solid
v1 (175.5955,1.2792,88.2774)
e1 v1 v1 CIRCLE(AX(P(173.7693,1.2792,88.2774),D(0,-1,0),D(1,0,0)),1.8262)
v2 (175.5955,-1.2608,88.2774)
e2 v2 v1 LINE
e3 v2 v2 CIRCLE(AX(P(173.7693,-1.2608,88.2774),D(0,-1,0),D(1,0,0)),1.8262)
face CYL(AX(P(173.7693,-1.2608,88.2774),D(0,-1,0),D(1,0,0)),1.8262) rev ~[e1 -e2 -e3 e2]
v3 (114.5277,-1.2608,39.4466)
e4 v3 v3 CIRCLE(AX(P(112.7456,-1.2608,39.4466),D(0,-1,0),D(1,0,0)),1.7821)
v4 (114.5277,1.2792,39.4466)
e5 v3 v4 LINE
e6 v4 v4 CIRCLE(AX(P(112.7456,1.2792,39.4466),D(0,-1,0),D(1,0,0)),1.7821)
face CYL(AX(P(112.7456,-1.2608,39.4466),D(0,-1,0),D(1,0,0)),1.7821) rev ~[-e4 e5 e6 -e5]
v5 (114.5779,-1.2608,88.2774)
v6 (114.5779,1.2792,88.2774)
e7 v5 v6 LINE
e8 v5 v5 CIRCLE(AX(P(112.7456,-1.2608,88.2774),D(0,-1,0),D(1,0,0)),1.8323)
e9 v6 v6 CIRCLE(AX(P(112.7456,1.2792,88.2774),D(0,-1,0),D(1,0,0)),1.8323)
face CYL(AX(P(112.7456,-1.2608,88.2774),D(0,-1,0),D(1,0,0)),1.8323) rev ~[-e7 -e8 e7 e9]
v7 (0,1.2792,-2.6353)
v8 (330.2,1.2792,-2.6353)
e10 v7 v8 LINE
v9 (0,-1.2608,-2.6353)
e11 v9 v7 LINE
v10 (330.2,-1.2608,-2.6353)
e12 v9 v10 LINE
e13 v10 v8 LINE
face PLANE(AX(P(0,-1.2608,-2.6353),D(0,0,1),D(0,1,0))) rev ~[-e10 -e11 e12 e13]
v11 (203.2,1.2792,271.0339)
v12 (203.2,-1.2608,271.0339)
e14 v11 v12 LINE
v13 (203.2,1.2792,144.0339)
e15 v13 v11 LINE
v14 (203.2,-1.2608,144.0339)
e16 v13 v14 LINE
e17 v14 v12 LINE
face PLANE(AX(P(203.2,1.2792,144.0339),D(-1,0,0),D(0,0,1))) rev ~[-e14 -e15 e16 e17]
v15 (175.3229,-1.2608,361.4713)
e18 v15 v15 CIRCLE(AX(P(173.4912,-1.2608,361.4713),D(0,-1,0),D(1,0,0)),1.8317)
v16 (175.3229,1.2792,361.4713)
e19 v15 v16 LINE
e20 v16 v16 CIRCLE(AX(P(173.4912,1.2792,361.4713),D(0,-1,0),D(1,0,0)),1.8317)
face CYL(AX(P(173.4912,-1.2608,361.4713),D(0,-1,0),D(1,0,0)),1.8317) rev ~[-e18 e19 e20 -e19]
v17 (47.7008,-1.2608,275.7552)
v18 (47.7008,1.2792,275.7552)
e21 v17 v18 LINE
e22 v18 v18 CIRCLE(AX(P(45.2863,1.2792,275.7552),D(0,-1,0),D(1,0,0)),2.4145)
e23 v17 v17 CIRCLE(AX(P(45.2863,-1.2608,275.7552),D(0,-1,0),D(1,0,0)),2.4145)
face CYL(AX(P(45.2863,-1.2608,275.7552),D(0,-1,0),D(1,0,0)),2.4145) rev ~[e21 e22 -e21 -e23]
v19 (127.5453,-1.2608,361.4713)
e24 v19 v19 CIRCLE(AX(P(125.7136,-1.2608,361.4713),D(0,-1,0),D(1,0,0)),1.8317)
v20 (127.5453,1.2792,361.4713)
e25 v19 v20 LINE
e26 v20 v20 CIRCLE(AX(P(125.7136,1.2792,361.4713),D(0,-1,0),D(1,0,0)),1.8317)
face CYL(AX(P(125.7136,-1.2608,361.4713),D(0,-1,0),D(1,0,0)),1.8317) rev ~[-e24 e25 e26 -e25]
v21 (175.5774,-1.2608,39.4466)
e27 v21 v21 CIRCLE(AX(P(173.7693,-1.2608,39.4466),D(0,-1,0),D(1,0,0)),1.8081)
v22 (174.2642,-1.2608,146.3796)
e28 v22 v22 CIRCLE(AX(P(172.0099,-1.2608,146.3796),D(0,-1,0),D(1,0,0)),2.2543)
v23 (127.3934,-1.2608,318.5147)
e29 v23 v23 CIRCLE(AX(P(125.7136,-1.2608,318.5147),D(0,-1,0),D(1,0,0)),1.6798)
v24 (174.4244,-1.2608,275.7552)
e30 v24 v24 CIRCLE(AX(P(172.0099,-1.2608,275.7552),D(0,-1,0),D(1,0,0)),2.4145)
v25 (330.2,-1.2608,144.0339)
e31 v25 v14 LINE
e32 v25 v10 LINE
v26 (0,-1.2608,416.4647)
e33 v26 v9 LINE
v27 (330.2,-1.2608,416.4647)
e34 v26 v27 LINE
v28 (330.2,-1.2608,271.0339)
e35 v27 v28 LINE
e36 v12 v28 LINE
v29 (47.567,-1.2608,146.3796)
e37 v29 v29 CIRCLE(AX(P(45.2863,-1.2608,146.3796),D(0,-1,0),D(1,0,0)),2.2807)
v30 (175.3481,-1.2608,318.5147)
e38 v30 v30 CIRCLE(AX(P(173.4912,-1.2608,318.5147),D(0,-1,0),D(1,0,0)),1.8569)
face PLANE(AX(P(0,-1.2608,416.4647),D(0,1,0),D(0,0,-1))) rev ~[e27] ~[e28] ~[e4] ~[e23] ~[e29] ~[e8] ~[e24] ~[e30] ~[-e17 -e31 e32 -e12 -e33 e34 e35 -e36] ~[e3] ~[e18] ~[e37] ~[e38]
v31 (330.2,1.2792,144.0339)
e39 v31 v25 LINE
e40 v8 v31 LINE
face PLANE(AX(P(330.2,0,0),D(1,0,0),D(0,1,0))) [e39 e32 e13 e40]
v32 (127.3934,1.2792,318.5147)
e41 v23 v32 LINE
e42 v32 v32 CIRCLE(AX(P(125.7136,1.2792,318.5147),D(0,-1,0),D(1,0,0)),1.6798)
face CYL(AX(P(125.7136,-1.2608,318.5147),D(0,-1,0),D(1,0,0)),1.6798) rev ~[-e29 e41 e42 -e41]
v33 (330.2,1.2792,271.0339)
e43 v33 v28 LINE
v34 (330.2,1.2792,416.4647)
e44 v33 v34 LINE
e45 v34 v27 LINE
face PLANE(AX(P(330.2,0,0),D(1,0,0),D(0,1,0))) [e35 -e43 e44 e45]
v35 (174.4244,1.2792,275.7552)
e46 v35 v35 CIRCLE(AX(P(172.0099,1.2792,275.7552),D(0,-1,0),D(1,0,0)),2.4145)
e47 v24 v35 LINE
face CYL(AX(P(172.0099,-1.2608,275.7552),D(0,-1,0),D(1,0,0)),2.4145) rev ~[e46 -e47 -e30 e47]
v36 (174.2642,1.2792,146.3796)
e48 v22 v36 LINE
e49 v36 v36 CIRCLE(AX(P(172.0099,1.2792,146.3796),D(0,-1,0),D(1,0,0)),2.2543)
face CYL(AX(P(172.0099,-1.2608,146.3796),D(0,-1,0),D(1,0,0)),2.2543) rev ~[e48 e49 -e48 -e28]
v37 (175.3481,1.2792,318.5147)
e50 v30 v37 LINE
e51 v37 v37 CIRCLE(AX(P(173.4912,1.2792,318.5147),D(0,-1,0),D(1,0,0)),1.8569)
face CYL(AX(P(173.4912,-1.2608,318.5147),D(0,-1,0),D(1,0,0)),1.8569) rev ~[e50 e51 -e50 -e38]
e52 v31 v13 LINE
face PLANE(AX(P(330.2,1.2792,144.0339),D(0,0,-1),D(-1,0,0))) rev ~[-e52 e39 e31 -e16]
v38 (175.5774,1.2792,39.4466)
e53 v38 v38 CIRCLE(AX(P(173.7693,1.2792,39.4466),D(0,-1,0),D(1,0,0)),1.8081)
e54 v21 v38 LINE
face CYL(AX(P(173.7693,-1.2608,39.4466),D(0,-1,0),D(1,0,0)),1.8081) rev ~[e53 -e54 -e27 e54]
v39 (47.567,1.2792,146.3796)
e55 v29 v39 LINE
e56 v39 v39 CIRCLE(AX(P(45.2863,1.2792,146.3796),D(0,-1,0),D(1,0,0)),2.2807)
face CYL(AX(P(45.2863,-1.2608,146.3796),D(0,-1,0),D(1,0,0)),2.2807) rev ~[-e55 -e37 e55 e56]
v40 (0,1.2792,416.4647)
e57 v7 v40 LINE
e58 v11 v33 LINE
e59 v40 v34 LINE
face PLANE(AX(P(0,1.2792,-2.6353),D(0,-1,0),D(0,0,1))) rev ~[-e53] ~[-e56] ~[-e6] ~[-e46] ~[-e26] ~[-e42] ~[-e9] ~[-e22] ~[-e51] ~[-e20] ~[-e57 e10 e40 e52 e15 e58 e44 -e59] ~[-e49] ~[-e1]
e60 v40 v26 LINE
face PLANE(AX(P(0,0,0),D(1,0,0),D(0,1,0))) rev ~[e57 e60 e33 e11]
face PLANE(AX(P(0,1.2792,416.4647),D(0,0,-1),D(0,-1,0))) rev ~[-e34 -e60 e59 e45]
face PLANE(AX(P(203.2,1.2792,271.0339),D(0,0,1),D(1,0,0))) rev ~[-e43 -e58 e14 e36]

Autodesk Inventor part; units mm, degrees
ref_plane "YZ Plane" through (0, 0, 0) normal (1, 0, 0) x (0, 1, 0)
ref_plane "XZ Plane" through (0, 0, 0) normal (0, 1, 0) x (-1, 0, 0)
ref_plane "XY Plane" through (0, 0, 0) normal (0, 0, 1) x (1, 0, 0)
sketch "Sketch1" plane through (0, 0, 0) normal (1, 0, 0) x (0, 1, 0)
  line L0 (1.2792, 416.4647) -> (-1.2608, 416.4647)
  line L1 (-1.2608, 416.4647) -> (-1.2608, -2.6353)
  line L2 (-1.2608, -2.6353) -> (1.2792, -2.6353)
  line L3 (1.2792, -2.6353) -> (1.2792, 416.4647)
  point P0 (0, 0)
  dimension "d0" = 2.54
  dimension "d1" = 419.1
extrude "Extrusion1" add sketch "Sketch1" along normal blind 330.2
sketch "Sketch2" plane through (0, -1.2608, -2.6353) normal (0, -1, 0) x (1, 0, 0)
  circle A0 centre (173.4912, 364.1066) radius 1.8317
  circle A1 centre (173.4912, 321.15) radius 1.8569
  circle A2 centre (125.7136, 321.15) radius 1.6798
  circle A3 centre (125.7136, 364.1066) radius 1.8317
  circle A4 centre (172.0099, 278.3905) radius 2.4145
  circle A5 centre (172.0099, 149.0149) radius 2.2543
  circle A6 centre (45.2863, 149.0149) radius 2.2807
  circle A7 centre (45.2863, 278.3905) radius 2.4145
  circle A8 centre (173.7693, 90.9127) radius 1.8262
  circle A9 centre (173.7693, 42.0819) radius 1.8081
  circle A10 centre (112.7456, 42.0819) radius 1.7821
  circle A11 centre (112.7456, 90.9127) radius 1.8323
  point P0 (0, 2.6353)
extrude "Extrusion2" cut sketch "Sketch2" against normal up to surface (2.54 mm away)
sketch "Sketch3" plane through (0, 1.2792, 416.4647) normal (0, 1, 0) x (1, 0, 0)
  line L0 (266.7, 209.1248) -> (266.7, 419.1) construction
  line L1 (0, 419.1) -> (330.2, 419.1) projected
  line L2 (266.7, 209.1248) -> (266.7, -0.8504) construction
  line L3 (330.2, 0) -> (330.2, 419.1) projected
  line L4 (330.2, 272.4308) -> (203.2, 272.4308)
  line L5 (203.2, 272.4308) -> (203.2, 145.4308)
  line L6 (203.2, 145.4308) -> (330.2, 145.4308)
  line L7 (330.2, 145.4308) -> (330.2, 272.4308)
  line L8 (330.2, 208.9308) -> (203.2, 208.9308) construction
  point P0 (0, 416.4647)
  dimension "d10" = 127
  dimension "d11" = 127
  dimension "d12" = 63.5
extrude "Extrusion4" cut sketch "Sketch3" against normal up to surface (2.54 mm away)
properties part number "Small Wall" material "Polycarbonate, Clear"
